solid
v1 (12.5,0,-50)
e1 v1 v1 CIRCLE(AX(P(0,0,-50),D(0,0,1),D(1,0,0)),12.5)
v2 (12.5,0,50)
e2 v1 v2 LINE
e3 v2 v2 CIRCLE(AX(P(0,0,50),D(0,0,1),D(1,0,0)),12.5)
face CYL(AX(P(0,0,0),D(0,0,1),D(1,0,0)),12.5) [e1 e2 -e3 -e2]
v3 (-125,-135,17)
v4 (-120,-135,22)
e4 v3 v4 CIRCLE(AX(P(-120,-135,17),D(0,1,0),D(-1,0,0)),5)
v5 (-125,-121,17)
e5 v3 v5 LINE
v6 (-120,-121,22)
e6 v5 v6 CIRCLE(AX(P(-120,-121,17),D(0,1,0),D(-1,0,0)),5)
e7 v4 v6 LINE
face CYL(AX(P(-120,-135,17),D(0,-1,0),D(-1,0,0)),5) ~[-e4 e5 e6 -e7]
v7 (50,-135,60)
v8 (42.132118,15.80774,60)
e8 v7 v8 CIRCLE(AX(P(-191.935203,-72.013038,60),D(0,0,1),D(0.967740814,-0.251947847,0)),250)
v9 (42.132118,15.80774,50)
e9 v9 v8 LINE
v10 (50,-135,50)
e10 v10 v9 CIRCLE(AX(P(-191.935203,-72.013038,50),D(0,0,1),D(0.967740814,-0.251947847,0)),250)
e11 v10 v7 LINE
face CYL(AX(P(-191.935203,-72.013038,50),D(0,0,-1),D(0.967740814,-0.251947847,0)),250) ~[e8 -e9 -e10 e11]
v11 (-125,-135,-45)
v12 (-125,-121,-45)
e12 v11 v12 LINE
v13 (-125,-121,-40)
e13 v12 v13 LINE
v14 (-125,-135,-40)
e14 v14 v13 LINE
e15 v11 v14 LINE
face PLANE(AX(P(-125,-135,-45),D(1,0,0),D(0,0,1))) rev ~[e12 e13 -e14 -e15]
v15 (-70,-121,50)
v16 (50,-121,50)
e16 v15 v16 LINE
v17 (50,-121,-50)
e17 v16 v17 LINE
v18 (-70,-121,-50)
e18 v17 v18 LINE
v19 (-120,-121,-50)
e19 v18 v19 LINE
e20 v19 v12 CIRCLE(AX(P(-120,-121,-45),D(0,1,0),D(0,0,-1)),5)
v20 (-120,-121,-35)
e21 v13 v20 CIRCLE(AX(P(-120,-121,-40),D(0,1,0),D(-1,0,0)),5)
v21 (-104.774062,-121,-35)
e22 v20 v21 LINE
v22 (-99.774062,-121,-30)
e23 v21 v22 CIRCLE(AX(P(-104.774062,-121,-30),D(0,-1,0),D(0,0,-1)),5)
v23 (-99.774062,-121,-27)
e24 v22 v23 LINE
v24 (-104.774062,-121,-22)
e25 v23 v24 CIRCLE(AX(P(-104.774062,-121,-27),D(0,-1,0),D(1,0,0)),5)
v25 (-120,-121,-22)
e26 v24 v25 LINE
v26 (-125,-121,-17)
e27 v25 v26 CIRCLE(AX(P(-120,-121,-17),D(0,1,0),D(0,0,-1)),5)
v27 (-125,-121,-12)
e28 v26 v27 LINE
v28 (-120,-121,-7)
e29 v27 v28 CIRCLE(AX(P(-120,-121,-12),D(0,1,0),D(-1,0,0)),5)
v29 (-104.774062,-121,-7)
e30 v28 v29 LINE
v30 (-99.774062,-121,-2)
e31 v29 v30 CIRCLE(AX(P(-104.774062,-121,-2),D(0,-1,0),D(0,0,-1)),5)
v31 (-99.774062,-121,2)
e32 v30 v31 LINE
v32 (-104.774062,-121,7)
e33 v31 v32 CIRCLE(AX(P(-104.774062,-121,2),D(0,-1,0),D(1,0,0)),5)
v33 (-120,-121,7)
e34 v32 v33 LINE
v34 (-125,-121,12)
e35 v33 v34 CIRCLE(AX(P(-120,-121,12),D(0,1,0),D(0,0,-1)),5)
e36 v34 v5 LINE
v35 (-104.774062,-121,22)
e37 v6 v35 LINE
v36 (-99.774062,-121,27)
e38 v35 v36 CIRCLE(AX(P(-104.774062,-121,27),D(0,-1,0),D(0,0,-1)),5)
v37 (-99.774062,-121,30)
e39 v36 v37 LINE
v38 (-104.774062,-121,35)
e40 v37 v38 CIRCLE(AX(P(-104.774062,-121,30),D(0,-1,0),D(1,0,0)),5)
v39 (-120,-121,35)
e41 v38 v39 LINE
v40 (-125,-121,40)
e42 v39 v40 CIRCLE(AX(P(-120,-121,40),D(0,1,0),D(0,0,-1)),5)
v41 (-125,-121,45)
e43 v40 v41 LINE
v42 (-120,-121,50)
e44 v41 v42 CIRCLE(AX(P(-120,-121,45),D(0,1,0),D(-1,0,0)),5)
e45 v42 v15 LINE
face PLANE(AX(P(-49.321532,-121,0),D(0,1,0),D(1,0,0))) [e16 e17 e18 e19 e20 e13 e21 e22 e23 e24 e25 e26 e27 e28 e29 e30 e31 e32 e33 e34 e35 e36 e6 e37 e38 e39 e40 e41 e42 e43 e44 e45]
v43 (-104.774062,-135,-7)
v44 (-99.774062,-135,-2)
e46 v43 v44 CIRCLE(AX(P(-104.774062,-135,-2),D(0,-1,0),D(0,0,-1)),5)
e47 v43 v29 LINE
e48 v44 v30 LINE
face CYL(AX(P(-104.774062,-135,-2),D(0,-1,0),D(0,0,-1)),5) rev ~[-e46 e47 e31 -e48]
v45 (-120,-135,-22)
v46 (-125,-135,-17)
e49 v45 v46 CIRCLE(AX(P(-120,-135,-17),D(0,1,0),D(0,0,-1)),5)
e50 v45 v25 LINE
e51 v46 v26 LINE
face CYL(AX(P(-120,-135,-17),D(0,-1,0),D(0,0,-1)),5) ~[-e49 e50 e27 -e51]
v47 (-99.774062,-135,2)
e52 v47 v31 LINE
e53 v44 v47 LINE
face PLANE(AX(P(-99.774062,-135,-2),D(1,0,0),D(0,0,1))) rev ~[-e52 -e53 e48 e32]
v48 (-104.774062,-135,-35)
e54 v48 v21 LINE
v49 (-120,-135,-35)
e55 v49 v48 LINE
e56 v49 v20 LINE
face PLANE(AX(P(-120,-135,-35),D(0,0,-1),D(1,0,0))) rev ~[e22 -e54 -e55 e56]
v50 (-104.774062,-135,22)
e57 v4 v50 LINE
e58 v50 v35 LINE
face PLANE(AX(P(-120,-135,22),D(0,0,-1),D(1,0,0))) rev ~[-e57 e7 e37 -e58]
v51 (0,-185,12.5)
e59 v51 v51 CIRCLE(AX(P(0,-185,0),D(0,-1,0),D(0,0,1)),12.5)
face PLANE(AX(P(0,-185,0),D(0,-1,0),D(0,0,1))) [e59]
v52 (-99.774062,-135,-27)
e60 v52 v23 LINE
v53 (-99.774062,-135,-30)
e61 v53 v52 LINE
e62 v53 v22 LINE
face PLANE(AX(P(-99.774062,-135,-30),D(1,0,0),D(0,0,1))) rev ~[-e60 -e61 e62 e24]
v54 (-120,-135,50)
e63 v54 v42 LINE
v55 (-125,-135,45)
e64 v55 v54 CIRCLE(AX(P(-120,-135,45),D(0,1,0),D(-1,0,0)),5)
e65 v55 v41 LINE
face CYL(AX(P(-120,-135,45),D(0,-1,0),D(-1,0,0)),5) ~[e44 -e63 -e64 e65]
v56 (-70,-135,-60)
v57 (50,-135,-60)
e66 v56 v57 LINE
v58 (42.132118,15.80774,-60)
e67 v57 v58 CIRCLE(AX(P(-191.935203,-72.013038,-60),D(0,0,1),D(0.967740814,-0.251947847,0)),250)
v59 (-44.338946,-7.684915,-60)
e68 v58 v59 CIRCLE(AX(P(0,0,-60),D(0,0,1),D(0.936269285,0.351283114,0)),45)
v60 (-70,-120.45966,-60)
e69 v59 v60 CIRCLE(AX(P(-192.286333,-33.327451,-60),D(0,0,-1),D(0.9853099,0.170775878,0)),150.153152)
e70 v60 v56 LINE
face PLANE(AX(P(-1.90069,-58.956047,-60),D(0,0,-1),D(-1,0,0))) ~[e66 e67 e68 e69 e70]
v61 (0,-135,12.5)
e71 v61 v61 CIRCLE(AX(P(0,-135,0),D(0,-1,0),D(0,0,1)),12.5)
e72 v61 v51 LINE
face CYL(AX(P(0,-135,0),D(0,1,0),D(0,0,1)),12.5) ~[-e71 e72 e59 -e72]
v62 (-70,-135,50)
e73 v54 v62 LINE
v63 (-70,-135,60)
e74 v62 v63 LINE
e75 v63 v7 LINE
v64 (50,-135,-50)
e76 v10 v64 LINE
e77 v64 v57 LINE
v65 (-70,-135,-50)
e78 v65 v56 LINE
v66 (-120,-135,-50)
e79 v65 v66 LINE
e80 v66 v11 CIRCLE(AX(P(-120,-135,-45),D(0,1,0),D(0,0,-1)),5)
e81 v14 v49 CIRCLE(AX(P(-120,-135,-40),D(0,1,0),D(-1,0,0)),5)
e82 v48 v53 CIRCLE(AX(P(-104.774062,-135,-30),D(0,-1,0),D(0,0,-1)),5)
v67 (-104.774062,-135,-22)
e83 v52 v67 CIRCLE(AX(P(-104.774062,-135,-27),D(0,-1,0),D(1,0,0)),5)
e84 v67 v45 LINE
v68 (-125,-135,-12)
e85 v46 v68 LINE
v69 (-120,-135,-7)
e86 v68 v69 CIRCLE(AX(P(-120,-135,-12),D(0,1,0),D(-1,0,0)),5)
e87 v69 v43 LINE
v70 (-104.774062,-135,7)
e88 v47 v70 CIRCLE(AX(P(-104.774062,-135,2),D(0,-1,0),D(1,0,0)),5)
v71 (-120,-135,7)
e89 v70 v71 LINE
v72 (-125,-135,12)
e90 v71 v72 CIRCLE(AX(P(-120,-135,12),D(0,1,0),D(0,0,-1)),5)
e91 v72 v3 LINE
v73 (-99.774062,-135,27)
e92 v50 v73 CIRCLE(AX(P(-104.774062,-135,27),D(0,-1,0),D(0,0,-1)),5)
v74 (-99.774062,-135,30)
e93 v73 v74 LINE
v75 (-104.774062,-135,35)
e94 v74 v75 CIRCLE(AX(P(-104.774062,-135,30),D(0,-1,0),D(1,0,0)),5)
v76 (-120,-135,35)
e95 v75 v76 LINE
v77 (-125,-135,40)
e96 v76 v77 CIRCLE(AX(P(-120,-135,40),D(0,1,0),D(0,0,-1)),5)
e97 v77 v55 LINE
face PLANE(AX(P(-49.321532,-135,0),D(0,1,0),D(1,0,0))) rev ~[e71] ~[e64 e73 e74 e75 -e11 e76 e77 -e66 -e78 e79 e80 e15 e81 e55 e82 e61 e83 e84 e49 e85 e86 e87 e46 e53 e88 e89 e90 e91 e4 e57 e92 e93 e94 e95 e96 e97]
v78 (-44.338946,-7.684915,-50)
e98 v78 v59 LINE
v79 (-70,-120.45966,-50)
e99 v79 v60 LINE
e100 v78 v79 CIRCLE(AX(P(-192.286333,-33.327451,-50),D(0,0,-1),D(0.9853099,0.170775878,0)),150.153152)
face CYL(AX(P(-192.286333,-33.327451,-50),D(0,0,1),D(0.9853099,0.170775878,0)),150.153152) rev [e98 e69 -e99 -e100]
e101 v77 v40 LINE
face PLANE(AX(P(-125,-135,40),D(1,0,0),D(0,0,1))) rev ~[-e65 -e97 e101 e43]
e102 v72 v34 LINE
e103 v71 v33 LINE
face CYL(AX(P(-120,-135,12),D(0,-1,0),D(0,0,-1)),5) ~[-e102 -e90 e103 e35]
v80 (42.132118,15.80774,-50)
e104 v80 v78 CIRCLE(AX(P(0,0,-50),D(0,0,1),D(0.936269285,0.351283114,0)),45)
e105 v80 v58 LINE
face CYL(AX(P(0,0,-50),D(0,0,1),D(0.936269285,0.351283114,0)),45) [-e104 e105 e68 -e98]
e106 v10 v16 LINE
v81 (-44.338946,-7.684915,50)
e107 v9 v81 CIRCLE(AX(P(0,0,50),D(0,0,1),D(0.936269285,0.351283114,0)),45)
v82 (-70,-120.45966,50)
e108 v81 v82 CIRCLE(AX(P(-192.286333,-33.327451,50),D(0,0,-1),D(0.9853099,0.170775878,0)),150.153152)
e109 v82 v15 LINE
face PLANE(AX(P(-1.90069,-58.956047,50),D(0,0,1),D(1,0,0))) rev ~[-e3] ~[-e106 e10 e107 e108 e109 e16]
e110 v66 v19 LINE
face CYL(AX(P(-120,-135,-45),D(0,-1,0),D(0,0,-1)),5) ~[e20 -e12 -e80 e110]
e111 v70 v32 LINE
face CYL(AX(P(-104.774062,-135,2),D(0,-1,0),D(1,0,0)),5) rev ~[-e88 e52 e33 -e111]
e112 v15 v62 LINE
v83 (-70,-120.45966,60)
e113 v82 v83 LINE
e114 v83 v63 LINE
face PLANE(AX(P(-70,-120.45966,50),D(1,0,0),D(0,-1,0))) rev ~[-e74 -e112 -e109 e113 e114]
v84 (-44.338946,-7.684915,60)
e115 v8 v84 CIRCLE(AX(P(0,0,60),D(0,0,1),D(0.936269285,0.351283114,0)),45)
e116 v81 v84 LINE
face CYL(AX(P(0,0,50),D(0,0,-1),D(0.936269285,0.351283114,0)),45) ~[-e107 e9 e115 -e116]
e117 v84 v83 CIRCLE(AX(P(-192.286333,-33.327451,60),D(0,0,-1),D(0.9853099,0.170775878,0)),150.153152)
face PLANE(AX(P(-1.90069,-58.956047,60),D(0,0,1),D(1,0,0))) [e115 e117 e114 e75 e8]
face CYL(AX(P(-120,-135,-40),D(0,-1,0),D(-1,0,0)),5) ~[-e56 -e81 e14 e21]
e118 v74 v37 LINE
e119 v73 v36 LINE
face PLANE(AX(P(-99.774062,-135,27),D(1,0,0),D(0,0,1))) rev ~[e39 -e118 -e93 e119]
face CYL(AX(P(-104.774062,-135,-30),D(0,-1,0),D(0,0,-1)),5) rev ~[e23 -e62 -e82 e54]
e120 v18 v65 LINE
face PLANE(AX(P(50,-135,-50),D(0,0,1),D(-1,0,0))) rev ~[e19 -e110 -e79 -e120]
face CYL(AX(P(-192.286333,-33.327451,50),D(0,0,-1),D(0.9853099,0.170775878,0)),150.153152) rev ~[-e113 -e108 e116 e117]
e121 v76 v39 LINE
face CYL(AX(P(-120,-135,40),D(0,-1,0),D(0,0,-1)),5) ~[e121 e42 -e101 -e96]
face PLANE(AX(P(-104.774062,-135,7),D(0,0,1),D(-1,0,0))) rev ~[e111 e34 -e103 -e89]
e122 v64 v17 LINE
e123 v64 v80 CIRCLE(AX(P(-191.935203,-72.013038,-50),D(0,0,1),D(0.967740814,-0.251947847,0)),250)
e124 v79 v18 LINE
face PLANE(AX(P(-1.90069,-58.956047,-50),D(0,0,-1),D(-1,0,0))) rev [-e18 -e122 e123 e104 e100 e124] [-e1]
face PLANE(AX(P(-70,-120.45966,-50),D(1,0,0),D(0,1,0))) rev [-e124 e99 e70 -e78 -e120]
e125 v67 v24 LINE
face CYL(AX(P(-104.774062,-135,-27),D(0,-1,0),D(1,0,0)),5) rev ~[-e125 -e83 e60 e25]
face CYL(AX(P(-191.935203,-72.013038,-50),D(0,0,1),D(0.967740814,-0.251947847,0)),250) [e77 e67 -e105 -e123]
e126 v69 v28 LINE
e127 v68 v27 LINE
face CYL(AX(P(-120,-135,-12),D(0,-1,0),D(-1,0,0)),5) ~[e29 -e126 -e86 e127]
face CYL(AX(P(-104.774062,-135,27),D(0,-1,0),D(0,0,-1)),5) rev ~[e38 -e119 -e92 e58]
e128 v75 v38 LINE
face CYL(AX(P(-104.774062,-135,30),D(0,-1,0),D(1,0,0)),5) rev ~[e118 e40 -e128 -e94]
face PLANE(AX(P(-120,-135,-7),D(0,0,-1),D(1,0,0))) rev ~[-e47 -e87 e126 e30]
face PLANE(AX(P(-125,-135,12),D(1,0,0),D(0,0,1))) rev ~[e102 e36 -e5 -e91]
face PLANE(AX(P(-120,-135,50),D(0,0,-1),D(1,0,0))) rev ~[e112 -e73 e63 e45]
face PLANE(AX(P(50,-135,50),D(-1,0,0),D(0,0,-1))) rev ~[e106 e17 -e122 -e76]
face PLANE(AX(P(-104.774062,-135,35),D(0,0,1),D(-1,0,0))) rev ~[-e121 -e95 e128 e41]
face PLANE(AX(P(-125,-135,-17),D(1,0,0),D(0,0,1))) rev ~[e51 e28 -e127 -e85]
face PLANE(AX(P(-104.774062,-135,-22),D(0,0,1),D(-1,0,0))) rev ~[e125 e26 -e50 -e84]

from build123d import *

# Parameters (mm, degrees)
SKETCH1_R           = 12.5
BOSS_EXTRUDE1_DEPTH = 50
BOSS_EXTRUDE2_DEPTH = 10
BOSS_EXTRUDE3_DEPTH = 14
SKETCH4_R           = 12.5
BOSS_EXTRUDE4_DEPTH = 50


with BuildPart() as part:
    # Sketch1 → Boss-Extrude1 (new, symmetric)
    with BuildSketch(Plane.XY):
        Circle(SKETCH1_R)
    extrude(amount=BOSS_EXTRUDE1_DEPTH, both=True)

    # Sketch2 → Boss-Extrude2 (add)
    with BuildSketch(Plane.XY.offset(50)):
        with BuildLine():
            Line((0, -135), (50, -135))
            ThreePointArc((50, -135), (57.725254986, -58.987850945), (42.132117825, 15.807740116))
            ThreePointArc((42.132117825, 15.807740116), (-11.798039133, 43.425871006), (-44.338945511, -7.684914504))
            ThreePointArc((-44.338945511, -7.684914504), (-45.875603416, -66.642123234), (-70, -120.459660044))
            Line((-70, -120.459660044), (-70, -135))
            Line((-70, -135), (0, -135))
        make_face()
    boss_extrude2 = extrude(amount=BOSS_EXTRUDE2_DEPTH)

    # Mirror1: Boss-Extrude2 across plane
    add(boss_extrude2.mirror(Plane.XY))

    # Sketch3 → Boss-Extrude3 (add)
    with BuildSketch(Plane(origin=(0, -135, 0), x_dir=(-1, 0, 0), z_dir=(0, -1, 0))):
        with BuildLine():
            Line((120, 7), (104.77406241, 7))
            ThreePointArc((104.77406241, 7), (101.238528504, 5.535533906), (99.77406241, 2))
            Line((99.77406241, 2), (99.77406241, -2))
            ThreePointArc((99.77406241, -2), (101.238528504, -5.535533906), (104.77406241, -7))
            Line((104.77406241, -7), (120, -7))
            ThreePointArc((120, -7), (123.535533906, -8.464466094), (125, -12))
            Line((125, -12), (125, -17))
            ThreePointArc((125, -17), (123.535533906, -20.535533906), (120, -22))
            Line((120, -22), (104.77406241, -22))
            ThreePointArc((104.77406241, -22), (101.238528504, -23.464466094), (99.77406241, -27))
            Line((99.77406241, -27), (99.77406241, -30))
            ThreePointArc((99.77406241, -30), (101.238528504, -33.535533906), (104.77406241, -35))
            Line((104.77406241, -35), (120, -35))
            ThreePointArc((120, -35), (123.535533906, -36.464466094), (125, -40))
            Line((125, -40), (125, -45))
            ThreePointArc((125, -45), (123.535533906, -48.535533906), (120, -50))
            Line((120, -50), (-50, -50))
            Line((-50, -50), (-50, 50))
            Line((-50, 50), (120, 50))
            ThreePointArc((120, 50), (123.535533906, 48.535533906), (125, 45))
            Line((125, 45), (125, 40))
            ThreePointArc((125, 40), (123.535533906, 36.464466094), (120, 35))
            Line((120, 35), (104.77406241, 35))
            ThreePointArc((104.77406241, 35), (101.238528504, 33.535533906), (99.77406241, 30))
            Line((99.77406241, 30), (99.77406241, 27))
            ThreePointArc((99.77406241, 27), (101.238528504, 23.464466094), (104.77406241, 22))
            Line((104.77406241, 22), (120, 22))
            ThreePointArc((120, 22), (123.535533906, 20.535533906), (125, 17))
            Line((125, 17), (125, 12))
            ThreePointArc((125, 12), (123.535533906, 8.464466094), (120, 7))
        make_face()
    extrude(amount=-BOSS_EXTRUDE3_DEPTH)

    # Sketch4 → Boss-Extrude4 (add)
    with BuildSketch(Plane(origin=(0, -135, 0), x_dir=(-1, 0, 0), z_dir=(0, -1, 0))):
        Circle(SKETCH4_R)
    extrude(amount=BOSS_EXTRUDE4_DEPTH)


solid = part.part
